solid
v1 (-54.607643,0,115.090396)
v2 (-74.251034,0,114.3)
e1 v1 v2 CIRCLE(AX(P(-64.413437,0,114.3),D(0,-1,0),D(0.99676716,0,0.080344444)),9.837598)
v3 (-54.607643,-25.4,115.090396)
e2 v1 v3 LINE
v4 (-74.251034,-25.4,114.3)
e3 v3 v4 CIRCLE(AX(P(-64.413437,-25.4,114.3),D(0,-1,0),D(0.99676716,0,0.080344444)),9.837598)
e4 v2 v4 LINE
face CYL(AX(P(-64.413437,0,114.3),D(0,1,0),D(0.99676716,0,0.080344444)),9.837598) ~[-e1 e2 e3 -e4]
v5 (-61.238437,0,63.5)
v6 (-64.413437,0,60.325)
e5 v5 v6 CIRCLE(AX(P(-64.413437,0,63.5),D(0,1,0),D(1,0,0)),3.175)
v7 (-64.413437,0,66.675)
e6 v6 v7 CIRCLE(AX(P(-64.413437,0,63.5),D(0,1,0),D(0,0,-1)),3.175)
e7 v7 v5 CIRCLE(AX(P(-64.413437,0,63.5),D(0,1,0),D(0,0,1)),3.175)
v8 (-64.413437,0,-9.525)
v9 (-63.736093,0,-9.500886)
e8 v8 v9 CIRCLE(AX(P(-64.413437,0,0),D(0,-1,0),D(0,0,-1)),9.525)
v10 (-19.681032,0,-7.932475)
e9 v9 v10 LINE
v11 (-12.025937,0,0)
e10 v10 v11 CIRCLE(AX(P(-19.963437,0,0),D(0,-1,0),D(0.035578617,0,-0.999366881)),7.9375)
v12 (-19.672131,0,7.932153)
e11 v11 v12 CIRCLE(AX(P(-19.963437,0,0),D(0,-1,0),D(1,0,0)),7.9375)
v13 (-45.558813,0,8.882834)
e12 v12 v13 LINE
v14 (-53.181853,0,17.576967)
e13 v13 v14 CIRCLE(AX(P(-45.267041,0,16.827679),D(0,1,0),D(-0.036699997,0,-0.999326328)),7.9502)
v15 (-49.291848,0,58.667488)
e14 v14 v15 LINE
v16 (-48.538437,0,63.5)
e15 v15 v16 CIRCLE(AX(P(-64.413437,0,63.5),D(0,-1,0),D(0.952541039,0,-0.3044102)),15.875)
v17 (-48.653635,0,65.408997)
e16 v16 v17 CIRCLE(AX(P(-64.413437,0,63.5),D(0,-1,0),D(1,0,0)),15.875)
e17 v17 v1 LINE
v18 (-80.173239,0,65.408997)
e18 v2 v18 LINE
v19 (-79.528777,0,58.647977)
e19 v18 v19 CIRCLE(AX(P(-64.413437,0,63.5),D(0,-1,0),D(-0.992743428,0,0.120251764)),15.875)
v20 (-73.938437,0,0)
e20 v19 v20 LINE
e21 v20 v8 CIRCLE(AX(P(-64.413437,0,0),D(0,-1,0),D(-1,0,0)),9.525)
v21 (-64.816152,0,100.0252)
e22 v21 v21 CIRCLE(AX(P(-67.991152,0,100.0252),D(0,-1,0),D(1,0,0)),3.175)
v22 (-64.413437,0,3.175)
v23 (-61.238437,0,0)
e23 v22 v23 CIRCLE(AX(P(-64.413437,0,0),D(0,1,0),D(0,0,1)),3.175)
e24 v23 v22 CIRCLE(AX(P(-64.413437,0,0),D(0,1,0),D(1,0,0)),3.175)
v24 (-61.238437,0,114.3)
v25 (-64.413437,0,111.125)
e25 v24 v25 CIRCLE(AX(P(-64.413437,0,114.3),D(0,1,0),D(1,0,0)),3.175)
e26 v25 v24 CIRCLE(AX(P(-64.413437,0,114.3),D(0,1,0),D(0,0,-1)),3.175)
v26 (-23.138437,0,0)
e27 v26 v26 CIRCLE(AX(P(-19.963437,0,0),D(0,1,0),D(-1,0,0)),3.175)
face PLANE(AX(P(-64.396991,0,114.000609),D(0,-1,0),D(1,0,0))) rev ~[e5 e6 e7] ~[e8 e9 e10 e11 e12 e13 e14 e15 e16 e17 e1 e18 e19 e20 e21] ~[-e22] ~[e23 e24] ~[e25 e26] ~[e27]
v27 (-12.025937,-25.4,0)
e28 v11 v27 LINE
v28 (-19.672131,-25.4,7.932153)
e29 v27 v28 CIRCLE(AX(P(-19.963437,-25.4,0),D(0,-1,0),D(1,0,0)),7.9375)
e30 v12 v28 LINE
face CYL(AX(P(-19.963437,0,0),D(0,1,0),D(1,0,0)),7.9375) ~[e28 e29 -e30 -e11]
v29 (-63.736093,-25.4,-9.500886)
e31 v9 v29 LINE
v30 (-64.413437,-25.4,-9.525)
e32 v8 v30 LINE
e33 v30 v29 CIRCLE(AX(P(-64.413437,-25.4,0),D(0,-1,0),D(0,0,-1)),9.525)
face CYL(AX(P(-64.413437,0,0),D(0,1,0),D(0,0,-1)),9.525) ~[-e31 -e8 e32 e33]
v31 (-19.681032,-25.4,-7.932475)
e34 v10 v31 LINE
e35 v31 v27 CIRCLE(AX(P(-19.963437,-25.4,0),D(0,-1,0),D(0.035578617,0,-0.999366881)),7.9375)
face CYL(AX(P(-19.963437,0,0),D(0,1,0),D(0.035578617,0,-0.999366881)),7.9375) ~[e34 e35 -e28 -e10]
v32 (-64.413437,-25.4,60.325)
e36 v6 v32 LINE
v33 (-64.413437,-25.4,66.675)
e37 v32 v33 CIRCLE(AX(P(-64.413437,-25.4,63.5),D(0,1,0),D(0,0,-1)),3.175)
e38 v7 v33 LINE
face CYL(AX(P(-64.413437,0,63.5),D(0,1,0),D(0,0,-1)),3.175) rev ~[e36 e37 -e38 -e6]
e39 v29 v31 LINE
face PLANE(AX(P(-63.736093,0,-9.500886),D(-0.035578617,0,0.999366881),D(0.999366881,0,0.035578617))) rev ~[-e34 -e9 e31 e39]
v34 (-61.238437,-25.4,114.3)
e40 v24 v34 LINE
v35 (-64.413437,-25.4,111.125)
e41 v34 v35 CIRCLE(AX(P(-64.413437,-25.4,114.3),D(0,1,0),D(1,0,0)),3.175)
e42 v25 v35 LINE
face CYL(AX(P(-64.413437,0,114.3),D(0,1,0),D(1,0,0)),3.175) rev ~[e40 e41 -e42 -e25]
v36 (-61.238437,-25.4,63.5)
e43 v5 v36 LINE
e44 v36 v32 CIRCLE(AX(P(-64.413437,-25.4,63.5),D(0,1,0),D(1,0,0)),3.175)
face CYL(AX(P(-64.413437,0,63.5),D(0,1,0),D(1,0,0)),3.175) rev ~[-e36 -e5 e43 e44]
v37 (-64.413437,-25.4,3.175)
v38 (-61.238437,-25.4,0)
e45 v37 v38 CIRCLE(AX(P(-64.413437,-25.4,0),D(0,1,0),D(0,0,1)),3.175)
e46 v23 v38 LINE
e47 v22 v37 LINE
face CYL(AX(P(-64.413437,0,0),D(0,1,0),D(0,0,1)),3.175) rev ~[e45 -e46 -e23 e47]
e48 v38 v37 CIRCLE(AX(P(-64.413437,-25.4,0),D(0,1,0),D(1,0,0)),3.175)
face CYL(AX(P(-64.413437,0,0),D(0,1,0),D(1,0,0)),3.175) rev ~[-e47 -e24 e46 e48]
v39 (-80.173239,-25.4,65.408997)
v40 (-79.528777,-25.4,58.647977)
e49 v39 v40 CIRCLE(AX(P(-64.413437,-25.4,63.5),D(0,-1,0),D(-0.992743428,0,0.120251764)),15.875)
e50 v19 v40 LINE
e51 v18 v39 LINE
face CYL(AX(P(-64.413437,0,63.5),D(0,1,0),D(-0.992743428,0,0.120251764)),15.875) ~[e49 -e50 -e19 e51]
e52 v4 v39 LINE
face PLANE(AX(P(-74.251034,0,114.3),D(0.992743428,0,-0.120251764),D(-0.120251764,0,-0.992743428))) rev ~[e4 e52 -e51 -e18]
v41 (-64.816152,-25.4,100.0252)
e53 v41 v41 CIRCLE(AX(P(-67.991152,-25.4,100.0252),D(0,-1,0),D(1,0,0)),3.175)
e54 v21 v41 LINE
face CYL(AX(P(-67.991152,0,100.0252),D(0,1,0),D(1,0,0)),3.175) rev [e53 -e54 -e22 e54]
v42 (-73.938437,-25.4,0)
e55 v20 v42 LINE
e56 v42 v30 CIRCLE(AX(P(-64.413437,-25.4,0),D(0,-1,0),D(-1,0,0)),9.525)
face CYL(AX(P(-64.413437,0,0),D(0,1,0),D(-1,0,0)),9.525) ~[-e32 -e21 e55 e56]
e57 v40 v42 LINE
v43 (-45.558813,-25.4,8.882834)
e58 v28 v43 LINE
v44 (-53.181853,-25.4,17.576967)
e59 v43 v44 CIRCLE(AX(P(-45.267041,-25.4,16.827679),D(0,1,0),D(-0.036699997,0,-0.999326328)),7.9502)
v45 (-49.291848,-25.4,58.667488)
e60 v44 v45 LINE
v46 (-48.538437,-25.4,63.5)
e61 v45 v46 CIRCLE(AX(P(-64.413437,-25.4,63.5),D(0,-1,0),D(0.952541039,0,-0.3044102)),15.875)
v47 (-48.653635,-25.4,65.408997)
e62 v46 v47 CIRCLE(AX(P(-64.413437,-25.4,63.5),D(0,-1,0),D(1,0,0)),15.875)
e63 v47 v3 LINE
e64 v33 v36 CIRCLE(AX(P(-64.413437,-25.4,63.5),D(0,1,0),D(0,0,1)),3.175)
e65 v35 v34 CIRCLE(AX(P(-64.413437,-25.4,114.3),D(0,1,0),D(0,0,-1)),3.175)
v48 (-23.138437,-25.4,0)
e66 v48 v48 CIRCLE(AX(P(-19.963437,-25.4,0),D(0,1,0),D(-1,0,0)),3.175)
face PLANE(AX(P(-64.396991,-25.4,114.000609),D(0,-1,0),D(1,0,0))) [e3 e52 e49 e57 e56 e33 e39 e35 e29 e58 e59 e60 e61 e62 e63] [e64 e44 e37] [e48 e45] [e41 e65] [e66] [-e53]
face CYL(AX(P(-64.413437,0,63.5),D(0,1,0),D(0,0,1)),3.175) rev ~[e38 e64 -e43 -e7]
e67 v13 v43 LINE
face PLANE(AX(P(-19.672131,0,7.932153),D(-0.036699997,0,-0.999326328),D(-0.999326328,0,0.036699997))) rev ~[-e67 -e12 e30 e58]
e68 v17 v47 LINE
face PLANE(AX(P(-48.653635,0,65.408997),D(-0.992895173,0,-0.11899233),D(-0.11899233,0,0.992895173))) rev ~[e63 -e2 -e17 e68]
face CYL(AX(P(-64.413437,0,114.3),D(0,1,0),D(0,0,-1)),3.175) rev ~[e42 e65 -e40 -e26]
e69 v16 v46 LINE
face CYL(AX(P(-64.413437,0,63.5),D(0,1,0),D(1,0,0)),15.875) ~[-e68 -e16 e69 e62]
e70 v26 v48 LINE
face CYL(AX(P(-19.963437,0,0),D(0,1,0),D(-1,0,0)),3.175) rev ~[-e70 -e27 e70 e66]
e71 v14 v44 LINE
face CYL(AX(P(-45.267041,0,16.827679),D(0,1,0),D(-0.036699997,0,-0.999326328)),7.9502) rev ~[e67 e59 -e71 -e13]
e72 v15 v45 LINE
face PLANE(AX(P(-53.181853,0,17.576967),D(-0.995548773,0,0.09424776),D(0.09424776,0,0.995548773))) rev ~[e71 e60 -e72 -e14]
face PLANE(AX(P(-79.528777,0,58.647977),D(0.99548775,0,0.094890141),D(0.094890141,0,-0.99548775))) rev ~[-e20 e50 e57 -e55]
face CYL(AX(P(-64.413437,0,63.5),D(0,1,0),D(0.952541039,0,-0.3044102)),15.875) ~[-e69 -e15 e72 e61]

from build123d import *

# Parameters (mm, degrees)
F0_R     = 3.175
F1_DEPTH = 25.4


with BuildPart() as f1:
    # F0 (on Front) → F1 (new body)
    with BuildSketch(Plane.XZ):
        with BuildLine():
            ThreePointArc((-74.2510344148, 114.3), (-71.3696687858, 107.3437680204), (-64.4134368062, 104.4624023914))
            ThreePointArc((-64.4134368062, 104.4624023914), (-57.4572048266, 107.3437680204), (-54.5758391976, 114.3))
            ThreePointArc((-54.5758391976, 114.3), (-54.583793259, 114.6955179438), (-54.607642581, 115.0903963058))
            ThreePointArc((-54.607642581, 115.0903963058), (-64.80895475, 124.1296435472), (-74.2510344148, 114.3))
        make_face()
        with BuildLine():
            ThreePointArc((-61.2384368062, 114.3), (-62.1683727759, 112.0549359697), (-64.4134368062, 111.125))
            ThreePointArc((-64.4134368062, 111.125), (-66.6585008365, 116.5450640303), (-61.2384368062, 114.3))
        make_face(mode=Mode.SUBTRACT)
        with BuildLine():
            ThreePointArc((-54.5758391976, 114.3), (-57.4572048266, 107.3437680204), (-64.4134368062, 104.4624023914))
            Line((-64.4134368062, 104.4624023914), (-64.4134368062, 79.375))
            ThreePointArc((-64.4134368062, 79.375), (-53.88465954, 75.3810973516), (-48.6536348921, 65.4089967594))
            Line((-48.6536348921, 65.4089967594), (-54.607642581, 115.0903963058))
            ThreePointArc((-54.607642581, 115.0903963058), (-54.583793259, 114.6955179438), (-54.5758391976, 114.3))
        make_face()
        with BuildLine():
            Line((-64.4134368062, 79.375), (-64.4134368062, 104.4624023914))
            ThreePointArc((-64.4134368062, 104.4624023914), (-71.3696687858, 107.3437680204), (-74.2510344148, 114.3))
            Line((-74.2510344148, 114.3), (-80.1732387203, 65.4089967594))
            ThreePointArc((-80.1732387203, 65.4089967594), (-74.9422140724, 75.3810973516), (-64.4134368062, 79.375))
        make_face()
        with Locations((-67.9911524057, 100.0252)):
            Circle(F0_R, mode=Mode.SUBTRACT)
        with BuildLine():
            ThreePointArc((-48.6536348921, 65.4089967594), (-53.88465954, 75.3810973516), (-64.4134368062, 79.375))
            Line((-64.4134368062, 79.375), (-64.4134368062, 66.675))
            ThreePointArc((-64.4134368062, 66.675), (-62.1683727759, 65.7450640303), (-61.2384368062, 63.5))
            ThreePointArc((-61.2384368062, 63.5), (-62.1683727759, 61.2549359697), (-64.4134368062, 60.325))
            Line((-64.4134368062, 60.325), (-64.4134368062, 47.625))
            ThreePointArc((-64.4134368062, 47.625), (-55.0512923339, 50.6794744304), (-49.2918478181, 58.6674880781))
            Line((-49.2918478181, 58.6674880781), (-48.6536348921, 65.4089967594))
        make_face()
        with BuildLine():
            Line((-64.4134368062, 66.675), (-64.4134368062, 79.375))
            ThreePointArc((-64.4134368062, 79.375), (-74.9422140724, 75.3810973516), (-80.1732387203, 65.4089967594))
            Line((-80.1732387203, 65.4089967594), (-79.5287766291, 58.6479770158))
            ThreePointArc((-79.5287766291, 58.6479770158), (-73.767306597, 50.6734359653), (-64.4134368062, 47.625))
            Line((-64.4134368062, 47.625), (-64.4134368062, 60.325))
            ThreePointArc((-64.4134368062, 60.325), (-67.5884368062, 63.5), (-64.4134368062, 66.675))
        make_face()
        with BuildLine():
            ThreePointArc((-48.5384368062, 63.5), (-48.5672624984, 64.4562347027), (-48.6536348921, 65.4089967594))
            Line((-48.6536348921, 65.4089967594), (-49.2918478181, 58.6674880781))
            ThreePointArc((-49.2918478181, 58.6674880781), (-48.7279203948, 61.0545552742), (-48.5384368062, 63.5))
        make_face()
        with BuildLine():
            Line((-79.5287766291, 58.6479770158), (-80.1732387203, 65.4089967594))
            ThreePointArc((-80.1732387203, 65.4089967594), (-80.2168048432, 61.9936190101), (-79.5287766291, 58.6479770158))
        make_face()
        with BuildLine():
            Line((-53.1818526935, 17.5769670806), (-49.2918478181, 58.6674880781))
            ThreePointArc((-49.2918478181, 58.6674880781), (-55.0512923339, 50.6794744304), (-64.4134368062, 47.625))
            Line((-64.4134368062, 47.625), (-64.4134368062, 9.525))
            ThreePointArc((-64.4134368062, 9.525), (-57.6782447154, 6.7351920908), (-54.8884368062, 0))
            Line((-54.8884368062, 0), (-27.9009368062, 0))
            ThreePointArc((-27.9009368062, 0), (-25.4721418743, 5.7147243786), (-19.6721305768, 7.9321527299))
            Line((-19.6721305768, 7.9321527299), (-45.5588131569, 8.8828343609))
            ThreePointArc((-45.5588131569, 8.8828343609), (-51.2448323941, 11.5863344188), (-53.1818526935, 17.5769670806))
        make_face()
        with BuildLine():
            ThreePointArc((-64.4134368062, 47.625), (-73.767306597, 50.6734359653), (-79.5287766291, 58.6479770158))
            Line((-79.5287766291, 58.6479770158), (-73.9384368062, 0))
            ThreePointArc((-73.9384368062, 0), (-71.148628897, 6.7351920908), (-64.4134368062, 9.525))
            Line((-64.4134368062, 9.525), (-64.4134368062, 47.625))
        make_face()
        with BuildLine():
            ThreePointArc((-64.4134368062, 9.525), (-71.148628897, 6.7351920908), (-73.9384368062, 0))
            ThreePointArc((-73.9384368062, 0), (-71.148628897, -6.7351920908), (-64.4134368062, -9.525))
            Line((-64.4134368062, -9.525), (-63.7360932583, -9.500885786))
            ThreePointArc((-63.7360932583, -9.500885786), (-57.4428800747, -6.4912990883), (-54.8884368062, 0))
            Line((-54.8884368062, 0), (-61.2384368062, 0))
            ThreePointArc((-61.2384368062, 0), (-66.6585008365, -2.2450640303), (-64.4134368062, 3.175))
            Line((-64.4134368062, 3.175), (-64.4134368062, 9.525))
        make_face()
        with BuildLine():
            Line((-63.7360932583, -9.500885786), (-64.4134368062, -9.525))
            ThreePointArc((-64.4134368062, -9.525), (-64.0745504767, -9.5189695375), (-63.7360932583, -9.500885786))
        make_face()
        with BuildLine():
            Line((-27.9009368062, 0), (-54.8884368062, 0))
            ThreePointArc((-54.8884368062, 0), (-57.4428800747, -6.4912990883), (-63.7360932583, -9.500885786))
            Line((-63.7360932583, -9.500885786), (-19.6810315316, -7.9324746146))
            ThreePointArc((-19.6810315316, -7.9324746146), (-25.4753472909, -5.7116327839), (-27.9009368062, 0))
        make_face()
        with BuildLine():
            ThreePointArc((-12.0259368062, 0), (-14.2487124276, 5.5087050681), (-19.6721305768, 7.9321527299))
            ThreePointArc((-19.6721305768, 7.9321527299), (-25.4721418743, 5.7147243786), (-27.9009368062, 0))
            ThreePointArc((-27.9009368062, 0), (-25.4753472909, -5.7116327839), (-19.6810315316, -7.9324746146))
            ThreePointArc((-19.6810315316, -7.9324746146), (-14.2518040223, -5.5119104847), (-12.0259368062, 0))
        make_face()
        with BuildLine():
            ThreePointArc((-16.7884368062, 0), (-19.9634368062, -3.175), (-23.1384368062, 0))
            ThreePointArc((-23.1384368062, 0), (-19.9634368062, 3.175), (-16.7884368062, 0))
        make_face(mode=Mode.SUBTRACT)
        with BuildLine():
            ThreePointArc((-54.8884368062, 0), (-57.6782447154, 6.7351920908), (-64.4134368062, 9.525))
            Line((-64.4134368062, 9.525), (-64.4134368062, 3.175))
            ThreePointArc((-64.4134368062, 3.175), (-62.1683727759, 2.2450640303), (-61.2384368062, 0))
            Line((-61.2384368062, 0), (-54.8884368062, 0))
        make_face()
    extrude(amount=F1_DEPTH)


solid = f1.part
